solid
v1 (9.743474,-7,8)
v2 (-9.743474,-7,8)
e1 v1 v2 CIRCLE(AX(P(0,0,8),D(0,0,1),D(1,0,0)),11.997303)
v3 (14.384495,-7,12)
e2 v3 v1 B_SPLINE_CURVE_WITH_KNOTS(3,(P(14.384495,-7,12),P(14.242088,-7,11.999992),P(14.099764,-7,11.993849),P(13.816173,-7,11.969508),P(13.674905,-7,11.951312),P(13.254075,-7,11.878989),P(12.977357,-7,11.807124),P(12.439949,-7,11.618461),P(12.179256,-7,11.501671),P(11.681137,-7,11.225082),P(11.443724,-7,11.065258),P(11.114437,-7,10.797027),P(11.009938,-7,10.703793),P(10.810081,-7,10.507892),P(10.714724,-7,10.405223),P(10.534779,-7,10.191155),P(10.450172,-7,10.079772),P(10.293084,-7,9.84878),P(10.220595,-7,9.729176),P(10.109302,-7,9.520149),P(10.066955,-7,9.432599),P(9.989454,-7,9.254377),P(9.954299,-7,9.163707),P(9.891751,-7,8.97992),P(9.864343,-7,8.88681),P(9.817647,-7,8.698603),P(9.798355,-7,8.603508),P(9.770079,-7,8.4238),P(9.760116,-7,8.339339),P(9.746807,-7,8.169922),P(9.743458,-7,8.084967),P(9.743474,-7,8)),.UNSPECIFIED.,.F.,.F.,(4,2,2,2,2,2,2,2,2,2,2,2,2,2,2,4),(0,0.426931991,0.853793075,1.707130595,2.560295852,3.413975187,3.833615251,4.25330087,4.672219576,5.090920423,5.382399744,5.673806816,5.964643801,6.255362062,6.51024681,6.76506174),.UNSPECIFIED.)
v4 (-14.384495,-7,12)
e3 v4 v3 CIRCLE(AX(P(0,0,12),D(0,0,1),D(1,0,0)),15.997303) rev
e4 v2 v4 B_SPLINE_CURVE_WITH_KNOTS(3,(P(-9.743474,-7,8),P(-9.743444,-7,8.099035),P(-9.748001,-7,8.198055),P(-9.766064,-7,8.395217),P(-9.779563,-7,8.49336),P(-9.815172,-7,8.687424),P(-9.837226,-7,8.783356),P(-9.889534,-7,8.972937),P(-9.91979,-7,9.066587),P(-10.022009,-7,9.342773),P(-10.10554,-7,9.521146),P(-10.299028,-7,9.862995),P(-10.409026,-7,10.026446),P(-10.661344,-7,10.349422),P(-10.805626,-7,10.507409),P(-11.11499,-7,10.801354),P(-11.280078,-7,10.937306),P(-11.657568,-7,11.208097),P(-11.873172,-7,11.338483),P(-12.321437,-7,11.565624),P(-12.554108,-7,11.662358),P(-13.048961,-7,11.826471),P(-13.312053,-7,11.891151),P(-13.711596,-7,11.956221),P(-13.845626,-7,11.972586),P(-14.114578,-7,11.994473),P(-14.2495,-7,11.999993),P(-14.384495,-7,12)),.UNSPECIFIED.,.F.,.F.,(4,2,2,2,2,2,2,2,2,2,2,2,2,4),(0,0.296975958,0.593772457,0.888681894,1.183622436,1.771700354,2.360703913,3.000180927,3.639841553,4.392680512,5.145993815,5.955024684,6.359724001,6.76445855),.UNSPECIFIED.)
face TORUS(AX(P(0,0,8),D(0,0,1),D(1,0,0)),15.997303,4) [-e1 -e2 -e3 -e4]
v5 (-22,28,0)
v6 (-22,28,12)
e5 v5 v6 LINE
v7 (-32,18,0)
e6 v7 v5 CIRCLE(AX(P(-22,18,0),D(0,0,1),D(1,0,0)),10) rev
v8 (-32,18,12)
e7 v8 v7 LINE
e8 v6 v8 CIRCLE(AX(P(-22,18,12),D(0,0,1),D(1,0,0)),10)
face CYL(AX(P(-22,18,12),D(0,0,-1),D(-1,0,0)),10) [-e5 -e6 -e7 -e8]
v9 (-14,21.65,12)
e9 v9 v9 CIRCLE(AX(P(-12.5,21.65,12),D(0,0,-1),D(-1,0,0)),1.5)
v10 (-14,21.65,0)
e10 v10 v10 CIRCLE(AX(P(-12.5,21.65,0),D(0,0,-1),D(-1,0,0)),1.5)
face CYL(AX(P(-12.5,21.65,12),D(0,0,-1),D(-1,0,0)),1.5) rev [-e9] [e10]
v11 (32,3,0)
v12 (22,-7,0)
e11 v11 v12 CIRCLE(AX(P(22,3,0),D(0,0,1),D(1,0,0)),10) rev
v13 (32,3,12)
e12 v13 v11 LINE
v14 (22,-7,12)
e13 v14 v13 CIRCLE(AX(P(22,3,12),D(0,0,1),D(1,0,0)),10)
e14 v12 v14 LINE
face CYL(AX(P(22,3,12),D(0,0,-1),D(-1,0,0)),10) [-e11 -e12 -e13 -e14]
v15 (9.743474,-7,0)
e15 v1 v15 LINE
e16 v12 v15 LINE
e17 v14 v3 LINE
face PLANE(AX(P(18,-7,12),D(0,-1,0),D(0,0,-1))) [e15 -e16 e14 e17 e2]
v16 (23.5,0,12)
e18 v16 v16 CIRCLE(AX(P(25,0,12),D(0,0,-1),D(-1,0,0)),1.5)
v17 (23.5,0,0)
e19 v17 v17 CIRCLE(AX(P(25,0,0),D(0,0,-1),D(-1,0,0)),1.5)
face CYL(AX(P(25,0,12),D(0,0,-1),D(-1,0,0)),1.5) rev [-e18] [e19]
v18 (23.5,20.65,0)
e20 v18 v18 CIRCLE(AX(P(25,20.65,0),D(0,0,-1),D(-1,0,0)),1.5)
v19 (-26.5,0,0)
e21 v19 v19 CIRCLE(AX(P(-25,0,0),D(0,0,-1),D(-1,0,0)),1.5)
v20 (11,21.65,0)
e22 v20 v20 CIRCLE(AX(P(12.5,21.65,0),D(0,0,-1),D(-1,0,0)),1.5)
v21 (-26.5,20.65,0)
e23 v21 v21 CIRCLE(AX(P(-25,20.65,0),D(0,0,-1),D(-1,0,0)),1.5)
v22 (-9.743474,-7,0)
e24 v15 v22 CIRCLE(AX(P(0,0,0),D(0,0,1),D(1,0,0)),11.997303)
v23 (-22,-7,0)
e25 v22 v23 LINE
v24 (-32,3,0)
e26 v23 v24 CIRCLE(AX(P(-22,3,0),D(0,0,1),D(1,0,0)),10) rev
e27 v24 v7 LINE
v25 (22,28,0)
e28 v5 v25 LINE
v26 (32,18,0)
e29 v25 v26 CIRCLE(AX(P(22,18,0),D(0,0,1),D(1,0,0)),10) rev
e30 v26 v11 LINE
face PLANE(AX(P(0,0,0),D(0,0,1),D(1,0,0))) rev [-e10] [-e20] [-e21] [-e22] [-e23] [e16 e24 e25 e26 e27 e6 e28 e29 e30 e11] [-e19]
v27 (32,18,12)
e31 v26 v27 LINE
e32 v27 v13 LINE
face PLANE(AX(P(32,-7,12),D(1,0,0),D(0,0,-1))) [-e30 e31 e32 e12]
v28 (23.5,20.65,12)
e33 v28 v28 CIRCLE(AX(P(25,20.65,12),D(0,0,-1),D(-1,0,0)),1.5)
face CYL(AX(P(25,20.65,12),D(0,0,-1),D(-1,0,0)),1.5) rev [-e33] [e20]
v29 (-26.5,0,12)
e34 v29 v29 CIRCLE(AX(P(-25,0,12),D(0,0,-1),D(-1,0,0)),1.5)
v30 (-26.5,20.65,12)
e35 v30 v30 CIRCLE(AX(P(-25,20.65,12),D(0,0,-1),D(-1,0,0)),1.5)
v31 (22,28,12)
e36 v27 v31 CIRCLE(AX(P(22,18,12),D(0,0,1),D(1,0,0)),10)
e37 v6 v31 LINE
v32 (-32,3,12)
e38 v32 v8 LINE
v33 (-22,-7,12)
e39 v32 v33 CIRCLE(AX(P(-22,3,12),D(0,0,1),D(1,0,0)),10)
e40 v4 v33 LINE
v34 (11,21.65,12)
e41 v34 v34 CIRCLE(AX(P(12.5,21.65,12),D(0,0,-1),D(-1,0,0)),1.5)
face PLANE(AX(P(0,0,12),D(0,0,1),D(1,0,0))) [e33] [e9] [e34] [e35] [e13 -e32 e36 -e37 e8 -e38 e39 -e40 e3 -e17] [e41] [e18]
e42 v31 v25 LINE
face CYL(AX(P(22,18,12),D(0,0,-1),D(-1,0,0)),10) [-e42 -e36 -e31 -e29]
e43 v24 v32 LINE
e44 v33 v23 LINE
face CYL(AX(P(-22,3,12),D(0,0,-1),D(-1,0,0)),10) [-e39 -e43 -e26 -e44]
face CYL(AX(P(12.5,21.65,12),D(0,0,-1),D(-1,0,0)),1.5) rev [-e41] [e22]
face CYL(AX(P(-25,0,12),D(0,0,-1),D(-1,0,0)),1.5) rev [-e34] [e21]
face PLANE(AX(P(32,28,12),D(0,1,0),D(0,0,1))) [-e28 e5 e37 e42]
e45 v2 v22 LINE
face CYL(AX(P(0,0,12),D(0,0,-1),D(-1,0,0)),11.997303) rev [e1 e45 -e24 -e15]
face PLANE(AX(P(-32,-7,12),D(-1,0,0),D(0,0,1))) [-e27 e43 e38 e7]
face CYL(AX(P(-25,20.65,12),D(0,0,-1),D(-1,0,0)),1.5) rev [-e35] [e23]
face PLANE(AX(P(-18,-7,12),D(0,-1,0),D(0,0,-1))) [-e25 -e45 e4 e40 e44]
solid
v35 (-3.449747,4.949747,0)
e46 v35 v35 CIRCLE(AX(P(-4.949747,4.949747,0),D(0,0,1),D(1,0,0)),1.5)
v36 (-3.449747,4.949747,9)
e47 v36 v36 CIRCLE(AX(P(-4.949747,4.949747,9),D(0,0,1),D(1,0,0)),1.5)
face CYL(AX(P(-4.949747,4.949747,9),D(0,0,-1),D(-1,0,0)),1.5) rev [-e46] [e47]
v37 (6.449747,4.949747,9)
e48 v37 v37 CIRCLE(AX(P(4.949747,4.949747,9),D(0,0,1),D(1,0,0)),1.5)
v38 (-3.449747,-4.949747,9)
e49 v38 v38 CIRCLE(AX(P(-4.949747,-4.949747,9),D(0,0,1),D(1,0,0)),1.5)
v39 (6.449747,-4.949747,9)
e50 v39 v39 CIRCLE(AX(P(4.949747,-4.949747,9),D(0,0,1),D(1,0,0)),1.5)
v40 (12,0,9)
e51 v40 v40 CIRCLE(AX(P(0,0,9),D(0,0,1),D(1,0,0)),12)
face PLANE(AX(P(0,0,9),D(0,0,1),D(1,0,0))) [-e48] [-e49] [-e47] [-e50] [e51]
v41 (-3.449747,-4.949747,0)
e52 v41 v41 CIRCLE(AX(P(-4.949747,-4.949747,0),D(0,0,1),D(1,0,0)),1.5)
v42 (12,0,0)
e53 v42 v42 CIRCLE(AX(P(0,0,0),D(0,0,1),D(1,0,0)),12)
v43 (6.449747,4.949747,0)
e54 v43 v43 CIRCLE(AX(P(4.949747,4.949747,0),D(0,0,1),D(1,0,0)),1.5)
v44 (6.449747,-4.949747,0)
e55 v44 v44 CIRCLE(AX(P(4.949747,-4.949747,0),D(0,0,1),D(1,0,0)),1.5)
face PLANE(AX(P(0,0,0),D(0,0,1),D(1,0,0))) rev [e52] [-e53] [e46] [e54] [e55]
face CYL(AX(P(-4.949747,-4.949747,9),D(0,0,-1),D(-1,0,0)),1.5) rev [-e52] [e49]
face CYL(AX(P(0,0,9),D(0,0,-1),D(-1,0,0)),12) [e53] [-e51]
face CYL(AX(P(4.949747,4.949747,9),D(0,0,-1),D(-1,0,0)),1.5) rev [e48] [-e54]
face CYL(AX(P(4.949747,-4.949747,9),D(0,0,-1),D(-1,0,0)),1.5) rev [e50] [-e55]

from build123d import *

# Parameters (mm, degrees)
SKETCH_1_R      = 12
SKETCH_1_R_2    = 1.5
EXTRUDE_1_DEPTH = 9
SKETCH_2_R      = 1.5
EXTRUDE_2_DEPTH = 12
FILLET_2_R      = 4
FILLET_3_R      = 10


with BuildPart() as part:
    # 草图1 → 凸台-拉伸1 (new body)
    with BuildSketch(Plane.XY):
        Circle(SKETCH_1_R)
        with Locations((-4.949747468, 4.949747468)):
            Circle(SKETCH_1_R_2, mode=Mode.SUBTRACT)
        with Locations((4.949747468, 4.949747468)):
            Circle(SKETCH_1_R_2, mode=Mode.SUBTRACT)
        with Locations((-4.949747468, -4.949747468)):
            Circle(SKETCH_1_R_2, mode=Mode.SUBTRACT)
        with Locations((4.949747468, -4.949747468)):
            Circle(SKETCH_1_R_2, mode=Mode.SUBTRACT)
    extrude(amount=EXTRUDE_1_DEPTH)


with BuildPart() as body_2:
    # 草图2 → 凸台-拉伸2 (new body)
    with BuildSketch(Plane(origin=(0, 0, 0), x_dir=(-1, 0, 0), z_dir=(0, 0, -1))):
        with BuildLine():
            Line((-18, -7), (-32, -7))
            Line((-32, -7), (-32, 28))
            Line((-32, 28), (32, 28))
            Line((32, 28), (32, -7))
            Line((32, -7), (18, -7))
            Line((18, -7), (9.7434736, -7))
            ThreePointArc((9.7434736, -7), (0, 11.997302938), (-9.7434736, -7))
            Line((-9.7434736, -7), (-18, -7))
        make_face()
        with Locations((-12.5, 21.65)):
            Circle(SKETCH_2_R, mode=Mode.SUBTRACT)
        with Locations((12.5, 21.65)):
            Circle(SKETCH_2_R, mode=Mode.SUBTRACT)
        with Locations((-25, 20.65)):
            Circle(SKETCH_2_R, mode=Mode.SUBTRACT)
        with Locations((25, 20.65)):
            Circle(SKETCH_2_R, mode=Mode.SUBTRACT)
        with Locations((-25, 0)):
            Circle(SKETCH_2_R, mode=Mode.SUBTRACT)
        with Locations((25, 0)):
            Circle(SKETCH_2_R, mode=Mode.SUBTRACT)
    extrude(amount=-EXTRUDE_2_DEPTH)

    # 圆角2
    fillet_2_edges = [body_2.edges().sort_by_distance(p)[0] for p in [
        (0, 11.997302938, 12),
    ]]
    fillet(fillet_2_edges, radius=FILLET_2_R)

    # 圆角3
    fillet_3_edges = [body_2.edges().sort_by_distance(p)[0] for p in [
        (32, 28, 6),
        (-32, 28, 6),
        (-32, -7, 6),
        (32, -7, 6),
    ]]
    fillet(fillet_3_edges, radius=FILLET_3_R)


solid = Compound([part.part, body_2.part])
